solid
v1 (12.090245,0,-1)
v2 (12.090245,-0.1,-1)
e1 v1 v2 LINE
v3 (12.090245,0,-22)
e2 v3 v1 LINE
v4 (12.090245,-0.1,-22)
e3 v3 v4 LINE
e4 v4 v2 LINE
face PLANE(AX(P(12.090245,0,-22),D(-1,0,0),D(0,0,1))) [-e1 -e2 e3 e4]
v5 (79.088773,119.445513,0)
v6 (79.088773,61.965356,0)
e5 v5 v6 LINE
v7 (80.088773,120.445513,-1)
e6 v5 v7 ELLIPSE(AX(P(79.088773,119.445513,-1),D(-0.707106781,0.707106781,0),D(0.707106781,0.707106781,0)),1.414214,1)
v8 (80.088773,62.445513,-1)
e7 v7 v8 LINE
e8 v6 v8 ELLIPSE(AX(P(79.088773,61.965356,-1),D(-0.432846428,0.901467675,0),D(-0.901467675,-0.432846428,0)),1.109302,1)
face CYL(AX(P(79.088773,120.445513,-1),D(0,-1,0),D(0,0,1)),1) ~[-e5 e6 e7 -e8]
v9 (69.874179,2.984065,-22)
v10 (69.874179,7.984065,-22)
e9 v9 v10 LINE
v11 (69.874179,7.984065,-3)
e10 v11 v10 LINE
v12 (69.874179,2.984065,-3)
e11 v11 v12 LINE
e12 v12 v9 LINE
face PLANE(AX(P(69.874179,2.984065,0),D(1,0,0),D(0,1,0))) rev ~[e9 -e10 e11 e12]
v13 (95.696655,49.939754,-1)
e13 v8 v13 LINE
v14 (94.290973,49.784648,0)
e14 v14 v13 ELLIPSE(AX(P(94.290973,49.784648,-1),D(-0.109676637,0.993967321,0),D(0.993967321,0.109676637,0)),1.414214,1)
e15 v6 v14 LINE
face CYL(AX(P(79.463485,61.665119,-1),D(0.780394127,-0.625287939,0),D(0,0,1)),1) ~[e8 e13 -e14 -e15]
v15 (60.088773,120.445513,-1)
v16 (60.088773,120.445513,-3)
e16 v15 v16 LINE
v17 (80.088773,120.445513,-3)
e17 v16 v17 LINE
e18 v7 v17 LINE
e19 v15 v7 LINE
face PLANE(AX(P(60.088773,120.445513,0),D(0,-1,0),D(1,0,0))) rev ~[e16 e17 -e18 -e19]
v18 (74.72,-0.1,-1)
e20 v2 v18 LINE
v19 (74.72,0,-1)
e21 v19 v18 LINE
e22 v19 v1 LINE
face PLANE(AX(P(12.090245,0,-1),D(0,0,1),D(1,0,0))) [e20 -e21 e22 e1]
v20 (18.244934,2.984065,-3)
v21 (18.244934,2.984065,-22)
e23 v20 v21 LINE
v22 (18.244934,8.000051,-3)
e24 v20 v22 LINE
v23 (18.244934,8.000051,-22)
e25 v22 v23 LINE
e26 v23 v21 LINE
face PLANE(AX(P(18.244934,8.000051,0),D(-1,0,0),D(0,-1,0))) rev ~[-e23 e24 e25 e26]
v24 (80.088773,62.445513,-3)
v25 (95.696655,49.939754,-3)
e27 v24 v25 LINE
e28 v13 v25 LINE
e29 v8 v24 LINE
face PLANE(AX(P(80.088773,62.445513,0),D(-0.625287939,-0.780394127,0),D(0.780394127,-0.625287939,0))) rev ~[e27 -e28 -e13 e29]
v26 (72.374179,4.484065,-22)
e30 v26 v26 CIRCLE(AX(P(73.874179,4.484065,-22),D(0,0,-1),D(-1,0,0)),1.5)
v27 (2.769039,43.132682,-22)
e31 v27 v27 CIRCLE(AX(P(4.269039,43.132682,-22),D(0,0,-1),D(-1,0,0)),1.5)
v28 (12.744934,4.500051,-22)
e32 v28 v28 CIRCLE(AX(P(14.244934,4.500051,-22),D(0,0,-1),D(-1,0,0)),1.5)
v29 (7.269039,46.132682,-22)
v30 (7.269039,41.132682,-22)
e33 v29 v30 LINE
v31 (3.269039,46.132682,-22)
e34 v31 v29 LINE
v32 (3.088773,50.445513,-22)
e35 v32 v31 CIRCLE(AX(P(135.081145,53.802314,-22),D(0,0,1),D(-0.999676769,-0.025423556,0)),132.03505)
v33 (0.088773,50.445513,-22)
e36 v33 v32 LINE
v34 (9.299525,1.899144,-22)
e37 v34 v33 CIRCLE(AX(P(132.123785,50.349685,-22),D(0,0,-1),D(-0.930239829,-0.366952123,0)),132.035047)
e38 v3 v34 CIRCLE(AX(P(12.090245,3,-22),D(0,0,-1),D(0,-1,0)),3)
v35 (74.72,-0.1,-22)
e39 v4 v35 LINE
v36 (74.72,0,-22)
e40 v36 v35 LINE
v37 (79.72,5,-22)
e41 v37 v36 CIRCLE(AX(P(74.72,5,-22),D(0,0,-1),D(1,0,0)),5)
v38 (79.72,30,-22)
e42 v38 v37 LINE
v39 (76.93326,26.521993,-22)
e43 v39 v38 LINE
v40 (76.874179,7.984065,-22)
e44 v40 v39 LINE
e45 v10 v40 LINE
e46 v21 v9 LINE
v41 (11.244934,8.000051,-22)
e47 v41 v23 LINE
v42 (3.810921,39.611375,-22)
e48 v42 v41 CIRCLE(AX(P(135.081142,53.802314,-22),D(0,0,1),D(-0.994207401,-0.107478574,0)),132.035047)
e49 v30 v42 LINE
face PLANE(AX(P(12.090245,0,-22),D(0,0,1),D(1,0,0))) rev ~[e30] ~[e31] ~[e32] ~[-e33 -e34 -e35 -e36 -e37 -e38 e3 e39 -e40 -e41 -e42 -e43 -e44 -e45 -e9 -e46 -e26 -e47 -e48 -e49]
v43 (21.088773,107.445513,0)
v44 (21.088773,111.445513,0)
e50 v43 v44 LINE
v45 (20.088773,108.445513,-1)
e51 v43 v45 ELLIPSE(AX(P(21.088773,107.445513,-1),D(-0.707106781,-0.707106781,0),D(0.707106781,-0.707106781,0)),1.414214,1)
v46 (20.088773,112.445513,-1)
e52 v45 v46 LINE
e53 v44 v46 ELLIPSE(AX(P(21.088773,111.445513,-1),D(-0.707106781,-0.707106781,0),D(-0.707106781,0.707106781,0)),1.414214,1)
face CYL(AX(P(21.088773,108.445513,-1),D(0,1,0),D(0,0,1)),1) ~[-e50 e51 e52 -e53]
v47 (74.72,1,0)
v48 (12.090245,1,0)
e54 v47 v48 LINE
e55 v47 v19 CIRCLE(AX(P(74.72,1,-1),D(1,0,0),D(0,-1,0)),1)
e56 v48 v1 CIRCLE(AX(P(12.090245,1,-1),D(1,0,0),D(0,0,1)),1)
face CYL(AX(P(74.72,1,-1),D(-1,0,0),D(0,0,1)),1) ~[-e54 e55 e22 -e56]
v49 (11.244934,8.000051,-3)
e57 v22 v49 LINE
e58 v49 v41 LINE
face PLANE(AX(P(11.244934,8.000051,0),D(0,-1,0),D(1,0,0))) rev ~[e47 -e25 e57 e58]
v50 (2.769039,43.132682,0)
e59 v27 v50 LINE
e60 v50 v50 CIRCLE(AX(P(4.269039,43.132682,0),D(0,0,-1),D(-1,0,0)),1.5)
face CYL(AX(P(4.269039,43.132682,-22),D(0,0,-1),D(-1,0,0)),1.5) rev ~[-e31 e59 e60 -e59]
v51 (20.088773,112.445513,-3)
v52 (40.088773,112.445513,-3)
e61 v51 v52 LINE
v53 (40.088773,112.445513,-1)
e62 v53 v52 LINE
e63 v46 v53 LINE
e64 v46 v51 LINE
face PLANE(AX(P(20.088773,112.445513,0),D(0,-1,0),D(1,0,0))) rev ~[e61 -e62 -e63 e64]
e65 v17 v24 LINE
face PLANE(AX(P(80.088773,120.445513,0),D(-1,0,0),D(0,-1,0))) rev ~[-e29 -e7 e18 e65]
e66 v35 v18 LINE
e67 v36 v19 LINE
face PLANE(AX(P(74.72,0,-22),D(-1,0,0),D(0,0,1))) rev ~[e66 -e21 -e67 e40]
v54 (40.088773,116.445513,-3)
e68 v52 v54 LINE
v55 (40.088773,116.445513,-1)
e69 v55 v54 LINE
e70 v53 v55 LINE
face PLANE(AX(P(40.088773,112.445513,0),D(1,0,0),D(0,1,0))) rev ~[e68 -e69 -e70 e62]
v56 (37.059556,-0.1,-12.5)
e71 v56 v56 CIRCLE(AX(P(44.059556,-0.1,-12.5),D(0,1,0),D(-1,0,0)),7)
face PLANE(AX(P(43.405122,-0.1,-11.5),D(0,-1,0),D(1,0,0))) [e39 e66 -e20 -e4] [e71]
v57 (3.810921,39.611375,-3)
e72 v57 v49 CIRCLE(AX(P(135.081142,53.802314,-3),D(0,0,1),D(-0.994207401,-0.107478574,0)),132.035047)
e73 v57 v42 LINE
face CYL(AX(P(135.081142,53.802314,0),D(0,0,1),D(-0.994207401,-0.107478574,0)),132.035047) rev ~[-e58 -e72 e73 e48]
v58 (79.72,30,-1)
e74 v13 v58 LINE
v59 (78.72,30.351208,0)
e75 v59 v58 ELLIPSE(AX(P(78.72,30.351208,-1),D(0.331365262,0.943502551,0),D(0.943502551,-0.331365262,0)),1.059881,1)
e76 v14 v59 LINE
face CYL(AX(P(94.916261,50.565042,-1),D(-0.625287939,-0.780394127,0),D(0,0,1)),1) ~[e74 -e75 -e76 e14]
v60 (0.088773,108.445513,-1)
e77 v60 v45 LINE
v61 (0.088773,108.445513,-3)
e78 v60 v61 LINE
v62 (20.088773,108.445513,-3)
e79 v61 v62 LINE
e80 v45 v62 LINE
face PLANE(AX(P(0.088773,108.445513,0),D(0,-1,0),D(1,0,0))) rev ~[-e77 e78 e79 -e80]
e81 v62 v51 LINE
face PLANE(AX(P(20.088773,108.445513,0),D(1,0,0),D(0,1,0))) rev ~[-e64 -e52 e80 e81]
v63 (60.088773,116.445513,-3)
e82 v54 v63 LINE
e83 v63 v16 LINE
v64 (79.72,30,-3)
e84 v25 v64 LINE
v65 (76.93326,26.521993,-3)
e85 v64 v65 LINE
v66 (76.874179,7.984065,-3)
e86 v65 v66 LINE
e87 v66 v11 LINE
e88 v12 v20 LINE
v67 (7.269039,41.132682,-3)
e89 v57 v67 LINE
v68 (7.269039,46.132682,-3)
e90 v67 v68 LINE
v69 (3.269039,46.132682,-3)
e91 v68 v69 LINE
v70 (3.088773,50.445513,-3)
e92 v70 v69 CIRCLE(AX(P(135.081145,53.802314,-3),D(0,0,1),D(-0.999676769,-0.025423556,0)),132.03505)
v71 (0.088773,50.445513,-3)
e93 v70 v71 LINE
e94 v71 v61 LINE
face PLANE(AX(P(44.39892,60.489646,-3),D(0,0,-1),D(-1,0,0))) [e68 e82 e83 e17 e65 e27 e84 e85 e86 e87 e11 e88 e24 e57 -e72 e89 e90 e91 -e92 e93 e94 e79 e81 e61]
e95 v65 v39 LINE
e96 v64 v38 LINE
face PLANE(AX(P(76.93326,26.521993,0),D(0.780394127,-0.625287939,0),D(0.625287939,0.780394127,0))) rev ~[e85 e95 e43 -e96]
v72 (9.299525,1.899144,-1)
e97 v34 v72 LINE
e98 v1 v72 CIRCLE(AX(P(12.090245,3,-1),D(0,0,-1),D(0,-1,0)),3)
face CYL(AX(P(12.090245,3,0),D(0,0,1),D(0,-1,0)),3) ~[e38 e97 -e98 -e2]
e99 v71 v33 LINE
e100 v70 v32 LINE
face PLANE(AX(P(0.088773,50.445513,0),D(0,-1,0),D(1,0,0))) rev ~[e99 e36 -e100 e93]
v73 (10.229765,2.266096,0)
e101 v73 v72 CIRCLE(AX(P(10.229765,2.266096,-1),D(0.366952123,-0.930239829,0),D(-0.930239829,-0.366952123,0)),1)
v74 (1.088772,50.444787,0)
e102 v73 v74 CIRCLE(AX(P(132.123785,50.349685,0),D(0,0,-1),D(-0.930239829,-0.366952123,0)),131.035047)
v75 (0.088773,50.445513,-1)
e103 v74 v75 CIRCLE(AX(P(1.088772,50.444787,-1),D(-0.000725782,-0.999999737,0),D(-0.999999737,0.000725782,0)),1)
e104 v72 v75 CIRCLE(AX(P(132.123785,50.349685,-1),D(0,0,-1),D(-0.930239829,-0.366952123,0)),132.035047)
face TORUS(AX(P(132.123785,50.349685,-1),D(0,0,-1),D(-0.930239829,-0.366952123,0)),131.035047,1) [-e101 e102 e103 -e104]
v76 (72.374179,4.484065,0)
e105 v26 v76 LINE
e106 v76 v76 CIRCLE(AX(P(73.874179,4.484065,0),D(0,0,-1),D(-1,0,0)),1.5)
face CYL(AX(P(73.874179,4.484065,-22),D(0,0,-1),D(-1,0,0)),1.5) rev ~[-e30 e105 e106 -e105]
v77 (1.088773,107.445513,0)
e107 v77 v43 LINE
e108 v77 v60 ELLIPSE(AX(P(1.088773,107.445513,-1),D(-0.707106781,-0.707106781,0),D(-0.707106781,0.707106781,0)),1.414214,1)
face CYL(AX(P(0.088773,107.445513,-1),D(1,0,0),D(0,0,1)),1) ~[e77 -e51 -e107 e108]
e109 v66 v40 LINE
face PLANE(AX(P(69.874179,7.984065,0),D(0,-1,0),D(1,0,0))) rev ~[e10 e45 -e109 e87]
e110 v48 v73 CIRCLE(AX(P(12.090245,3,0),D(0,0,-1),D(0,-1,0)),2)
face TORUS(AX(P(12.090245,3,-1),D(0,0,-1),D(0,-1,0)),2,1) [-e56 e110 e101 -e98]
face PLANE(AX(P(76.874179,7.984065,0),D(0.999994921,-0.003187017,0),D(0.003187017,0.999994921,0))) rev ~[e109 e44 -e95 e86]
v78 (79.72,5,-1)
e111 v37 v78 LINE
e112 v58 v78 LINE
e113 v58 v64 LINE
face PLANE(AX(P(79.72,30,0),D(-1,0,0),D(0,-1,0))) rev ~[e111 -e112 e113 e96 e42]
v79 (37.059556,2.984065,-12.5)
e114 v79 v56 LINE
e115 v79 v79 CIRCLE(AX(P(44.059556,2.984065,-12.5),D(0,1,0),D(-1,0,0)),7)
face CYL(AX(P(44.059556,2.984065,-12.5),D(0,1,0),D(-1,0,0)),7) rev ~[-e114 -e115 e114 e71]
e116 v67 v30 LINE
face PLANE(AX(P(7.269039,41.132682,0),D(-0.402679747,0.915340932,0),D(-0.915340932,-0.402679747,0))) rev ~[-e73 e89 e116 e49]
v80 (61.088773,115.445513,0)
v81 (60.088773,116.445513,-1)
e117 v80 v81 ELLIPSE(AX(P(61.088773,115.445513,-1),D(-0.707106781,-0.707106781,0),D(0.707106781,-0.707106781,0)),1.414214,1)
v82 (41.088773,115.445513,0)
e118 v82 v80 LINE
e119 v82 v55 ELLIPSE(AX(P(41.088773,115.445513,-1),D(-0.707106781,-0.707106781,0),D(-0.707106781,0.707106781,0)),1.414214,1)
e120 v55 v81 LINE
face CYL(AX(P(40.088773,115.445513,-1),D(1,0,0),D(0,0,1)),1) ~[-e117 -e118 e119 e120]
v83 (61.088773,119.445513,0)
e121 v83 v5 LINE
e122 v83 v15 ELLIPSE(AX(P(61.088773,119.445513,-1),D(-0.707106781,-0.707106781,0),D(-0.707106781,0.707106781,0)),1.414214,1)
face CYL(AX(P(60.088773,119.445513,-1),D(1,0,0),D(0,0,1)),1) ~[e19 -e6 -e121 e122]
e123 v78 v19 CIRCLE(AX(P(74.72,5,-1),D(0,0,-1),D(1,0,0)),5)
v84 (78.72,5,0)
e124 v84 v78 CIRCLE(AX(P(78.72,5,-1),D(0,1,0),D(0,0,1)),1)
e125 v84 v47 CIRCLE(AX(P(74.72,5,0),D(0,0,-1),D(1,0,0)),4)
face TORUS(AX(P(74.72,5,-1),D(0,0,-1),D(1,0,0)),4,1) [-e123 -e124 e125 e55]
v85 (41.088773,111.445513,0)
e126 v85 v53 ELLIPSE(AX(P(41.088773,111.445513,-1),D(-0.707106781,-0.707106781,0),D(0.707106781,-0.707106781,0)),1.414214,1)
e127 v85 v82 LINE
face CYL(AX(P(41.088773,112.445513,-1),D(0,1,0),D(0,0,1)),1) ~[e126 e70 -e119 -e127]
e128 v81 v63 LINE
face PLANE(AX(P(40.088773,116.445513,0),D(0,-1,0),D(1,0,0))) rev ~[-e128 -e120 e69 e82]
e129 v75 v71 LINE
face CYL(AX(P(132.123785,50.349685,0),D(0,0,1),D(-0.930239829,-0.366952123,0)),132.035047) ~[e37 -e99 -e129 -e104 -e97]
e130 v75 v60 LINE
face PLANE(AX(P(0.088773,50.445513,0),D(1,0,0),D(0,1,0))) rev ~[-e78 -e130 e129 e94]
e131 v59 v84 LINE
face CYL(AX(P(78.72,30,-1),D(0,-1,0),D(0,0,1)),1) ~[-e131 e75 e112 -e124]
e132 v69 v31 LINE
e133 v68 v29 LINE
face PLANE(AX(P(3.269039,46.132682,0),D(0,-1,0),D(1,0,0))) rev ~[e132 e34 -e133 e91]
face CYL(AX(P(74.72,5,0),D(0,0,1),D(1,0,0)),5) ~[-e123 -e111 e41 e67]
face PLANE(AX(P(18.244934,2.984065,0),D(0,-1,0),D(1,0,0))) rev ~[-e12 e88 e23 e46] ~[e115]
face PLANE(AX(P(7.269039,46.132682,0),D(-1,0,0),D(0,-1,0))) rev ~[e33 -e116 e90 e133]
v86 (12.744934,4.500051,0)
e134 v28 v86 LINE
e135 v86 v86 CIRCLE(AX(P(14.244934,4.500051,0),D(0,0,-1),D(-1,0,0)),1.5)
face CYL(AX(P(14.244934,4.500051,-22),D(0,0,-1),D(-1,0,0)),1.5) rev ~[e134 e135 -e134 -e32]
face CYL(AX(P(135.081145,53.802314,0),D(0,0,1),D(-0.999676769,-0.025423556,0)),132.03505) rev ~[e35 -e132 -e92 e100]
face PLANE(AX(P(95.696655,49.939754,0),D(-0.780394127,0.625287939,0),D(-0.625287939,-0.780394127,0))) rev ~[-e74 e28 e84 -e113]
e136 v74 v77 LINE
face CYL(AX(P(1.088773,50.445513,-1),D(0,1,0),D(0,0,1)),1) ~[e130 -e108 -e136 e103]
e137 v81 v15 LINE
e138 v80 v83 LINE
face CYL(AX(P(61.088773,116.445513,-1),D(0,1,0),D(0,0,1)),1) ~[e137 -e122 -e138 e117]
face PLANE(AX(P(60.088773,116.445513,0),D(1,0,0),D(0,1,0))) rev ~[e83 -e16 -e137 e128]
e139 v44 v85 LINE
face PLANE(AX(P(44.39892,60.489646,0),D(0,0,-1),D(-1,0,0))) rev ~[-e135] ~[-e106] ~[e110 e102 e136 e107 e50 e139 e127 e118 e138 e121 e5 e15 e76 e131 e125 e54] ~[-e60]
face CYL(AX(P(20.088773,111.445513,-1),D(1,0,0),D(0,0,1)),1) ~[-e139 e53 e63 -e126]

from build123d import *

# Parameters (mm, degrees)
BOSS_EXTRUDE1_DEPTH = 3
BOSS_EXTRUDE6_DEPTH = 22
CUT_EXTRUDE2_REACH  = 157.399
SKETCH23_R          = 1.5
FILLET2_R           = 1
SKETCH26_W          = 62.629754997
SKETCH26_H          = 21
BOSS_EXTRUDE8_DEPTH = 0.1
CUT_EXTRUDE4_REACH  = 155.098
SKETCH28_R          = 7


with BuildPart() as part:
    # Sketch1 → Boss-Extrude1 (new body)
    with BuildSketch(Plane.XY):
        with BuildLine():
            Line((0.088772672, 50.445513271), (0.088772672, 108.445513271))
            Line((0.088772672, 108.445513271), (20.088772672, 108.445513271))
            Line((20.088772672, 108.445513271), (20.088772672, 112.445513271))
            Line((20.088772672, 112.445513271), (40.088772672, 112.445513271))
            Line((40.088772672, 112.445513271), (40.088772672, 116.445513271))
            Line((40.088772672, 116.445513271), (60.088772672, 116.445513271))
            Line((60.088772672, 116.445513271), (60.088772672, 120.445513271))
            Line((60.088772672, 120.445513271), (80.088772672, 120.445513271))
            Line((80.088772672, 120.445513271), (80.088772672, 62.445513271))
            Line((80.088772672, 62.445513271), (95.696655206, 49.939754486))
            Line((95.696655206, 49.939754486), (79.719999866, 30))
            Line((79.719999866, 30), (79.719999866, 5))
            ThreePointArc((79.719999866, 5), (78.255533771, 1.464466094), (74.719999866, 0))
            Line((74.719999866, 0), (45.081340107, 0))
            Line((45.081340107, 0), (12.090244869, 0))
            ThreePointArc((12.090244869, 0), (10.402431062, 0.519821669), (9.299525382, 1.899143631))
            ThreePointArc((9.299525382, 1.899143631), (2.402932305, 25.737613543), (0.088772672, 50.445513271))
        make_face()
    extrude(amount=-BOSS_EXTRUDE1_DEPTH)

    # Sketch19 → Boss-Extrude6 (add)
    with BuildSketch(Plane.XY):
        with BuildLine():
            Line((45.081340107, 0), (12.090244869, 0))
            ThreePointArc((12.090244869, 0), (10.402431062, 0.519821669), (9.299525382, 1.899143631))
            ThreePointArc((9.299525382, 1.899143631), (2.402932305, 25.737613543), (0.088772672, 50.445513271))
            Line((0.088772672, 50.445513271), (3.088772672, 50.445513271))
            ThreePointArc((3.088772672, 50.445513271), (3.16127999, 48.288360754), (3.269039313, 46.132681692))
            Line((3.269039313, 46.132681692), (7.269039313, 46.132681692))
            Line((7.269039313, 46.132681692), (7.269039313, 41.132681692))
            Line((7.269039313, 41.132681692), (3.810920964, 39.61137507))
            ThreePointArc((3.810920964, 39.61137507), (6.552384593, 23.576295262), (11.244934046, 8.000050948))
            Line((11.244934046, 8.000050948), (18.244934046, 8.000050948))
            Line((18.244934046, 8.000050948), (18.244934046, 2.984064914))
            Line((18.244934046, 2.984064914), (45.23554431, 2.984064914))
            Line((45.23554431, 2.984064914), (69.874178677, 2.984064914))
            Line((69.874178677, 2.984064914), (69.874178677, 7.984064914))
            Line((69.874178677, 7.984064914), (76.874178677, 7.984064914))
            Line((76.874178677, 7.984064914), (76.933259672, 26.52199324))
            Line((76.933259672, 26.52199324), (79.719999866, 30))
            Line((79.719999866, 30), (79.719999866, 5))
            ThreePointArc((79.719999866, 5), (78.255533771, 1.464466094), (74.719999866, 0))
            Line((74.719999866, 0), (45.081340107, 0))
        make_face()
    extrude(amount=-BOSS_EXTRUDE6_DEPTH)

    # Sketch23 → Cut-Extrude2 (cut, up to next)
    with BuildSketch(Plane(origin=(0, 0, -22), x_dir=(-1, 0, 0), z_dir=(0, 0, -1)), mode=Mode.PRIVATE) as cut_extrude2_sk1:
        with Locations((-4.269039313, 43.132681692)):
            Circle(SKETCH23_R)
    cut_extrude2_tool1 = extrude(cut_extrude2_sk1.sketch, amount=-CUT_EXTRUDE2_REACH, mode=Mode.PRIVATE) & part.part
    # Sketch23 → Cut-Extrude2 (cut, up to next)
    with BuildSketch(Plane(origin=(0, 0, -22), x_dir=(-1, 0, 0), z_dir=(0, 0, -1)), mode=Mode.PRIVATE) as cut_extrude2_sk2:
        with Locations((-14.244934046, 4.500050948)):
            Circle(SKETCH23_R)
    cut_extrude2_tool2 = extrude(cut_extrude2_sk2.sketch, amount=-CUT_EXTRUDE2_REACH, mode=Mode.PRIVATE) & part.part
    # Sketch23 → Cut-Extrude2 (cut, up to next)
    with BuildSketch(Plane(origin=(0, 0, -22), x_dir=(-1, 0, 0), z_dir=(0, 0, -1)), mode=Mode.PRIVATE) as cut_extrude2_sk3:
        with Locations((-73.874178677, 4.484064914)):
            Circle(SKETCH23_R)
    cut_extrude2_tool3 = extrude(cut_extrude2_sk3.sketch, amount=-CUT_EXTRUDE2_REACH, mode=Mode.PRIVATE) & part.part
    add(cut_extrude2_tool1.solids().sort_by_distance((4.269039, 43.132682, -22))[0], mode=Mode.SUBTRACT)
    add(cut_extrude2_tool2.solids().sort_by_distance((14.244934, 4.500051, -22))[0], mode=Mode.SUBTRACT)
    add(cut_extrude2_tool3.solids().sort_by_distance((73.874179, 4.484065, -22))[0], mode=Mode.SUBTRACT)

    # Fillet2
    fillet2_edges = [part.edges().sort_by_distance(p)[0] for p in [
        (78.255533771, 1.464466094, 0),
        (43.405122367, 0, 0),
        (10.402431062, 0.519821669, 0),
        (2.402932305, 25.737613543, 0),
        (0.088772672, 79.445513271, 0),
        (10.088772672, 108.445513271, 0),
        (20.088772672, 110.445513271, 0),
        (30.088772672, 112.445513271, 0),
        (40.088772672, 114.445513271, 0),
        (50.088772672, 116.445513271, 0),
        (60.088772672, 118.445513271, 0),
        (70.088772672, 120.445513271, 0),
        (80.088772672, 91.445513271, 0),
        (87.892713939, 56.192633878, 0),
        (87.708327536, 39.969877243, 0),
        (79.719999866, 17.5, 0),
    ]]
    fillet(fillet2_edges, radius=FILLET2_R)

    # Sketch26 → Boss-Extrude8 (add)
    with BuildSketch(Plane.XZ):
        with Locations((43.405122368, -11.5)):
            Rectangle(SKETCH26_W, SKETCH26_H)
    extrude(amount=BOSS_EXTRUDE8_DEPTH)

    # Sketch28 → Cut-Extrude4 (cut, up to next)
    with BuildSketch(Plane(origin=(0, 2.984064914, 0), x_dir=(1, 0, 0), z_dir=(0, 1, 0)), mode=Mode.PRIVATE) as cut_extrude4_sk1:
        with Locations(Location((44.059556361, 12.5, 0), (0, 0, 180))):
            Circle(SKETCH28_R)
    cut_extrude4_tool1 = extrude(cut_extrude4_sk1.sketch, amount=-CUT_EXTRUDE4_REACH, mode=Mode.PRIVATE) & part.part
    add(cut_extrude4_tool1.solids().sort_by_distance((44.059556, 2.984065, -12.5))[0], mode=Mode.SUBTRACT)


solid = part.part
